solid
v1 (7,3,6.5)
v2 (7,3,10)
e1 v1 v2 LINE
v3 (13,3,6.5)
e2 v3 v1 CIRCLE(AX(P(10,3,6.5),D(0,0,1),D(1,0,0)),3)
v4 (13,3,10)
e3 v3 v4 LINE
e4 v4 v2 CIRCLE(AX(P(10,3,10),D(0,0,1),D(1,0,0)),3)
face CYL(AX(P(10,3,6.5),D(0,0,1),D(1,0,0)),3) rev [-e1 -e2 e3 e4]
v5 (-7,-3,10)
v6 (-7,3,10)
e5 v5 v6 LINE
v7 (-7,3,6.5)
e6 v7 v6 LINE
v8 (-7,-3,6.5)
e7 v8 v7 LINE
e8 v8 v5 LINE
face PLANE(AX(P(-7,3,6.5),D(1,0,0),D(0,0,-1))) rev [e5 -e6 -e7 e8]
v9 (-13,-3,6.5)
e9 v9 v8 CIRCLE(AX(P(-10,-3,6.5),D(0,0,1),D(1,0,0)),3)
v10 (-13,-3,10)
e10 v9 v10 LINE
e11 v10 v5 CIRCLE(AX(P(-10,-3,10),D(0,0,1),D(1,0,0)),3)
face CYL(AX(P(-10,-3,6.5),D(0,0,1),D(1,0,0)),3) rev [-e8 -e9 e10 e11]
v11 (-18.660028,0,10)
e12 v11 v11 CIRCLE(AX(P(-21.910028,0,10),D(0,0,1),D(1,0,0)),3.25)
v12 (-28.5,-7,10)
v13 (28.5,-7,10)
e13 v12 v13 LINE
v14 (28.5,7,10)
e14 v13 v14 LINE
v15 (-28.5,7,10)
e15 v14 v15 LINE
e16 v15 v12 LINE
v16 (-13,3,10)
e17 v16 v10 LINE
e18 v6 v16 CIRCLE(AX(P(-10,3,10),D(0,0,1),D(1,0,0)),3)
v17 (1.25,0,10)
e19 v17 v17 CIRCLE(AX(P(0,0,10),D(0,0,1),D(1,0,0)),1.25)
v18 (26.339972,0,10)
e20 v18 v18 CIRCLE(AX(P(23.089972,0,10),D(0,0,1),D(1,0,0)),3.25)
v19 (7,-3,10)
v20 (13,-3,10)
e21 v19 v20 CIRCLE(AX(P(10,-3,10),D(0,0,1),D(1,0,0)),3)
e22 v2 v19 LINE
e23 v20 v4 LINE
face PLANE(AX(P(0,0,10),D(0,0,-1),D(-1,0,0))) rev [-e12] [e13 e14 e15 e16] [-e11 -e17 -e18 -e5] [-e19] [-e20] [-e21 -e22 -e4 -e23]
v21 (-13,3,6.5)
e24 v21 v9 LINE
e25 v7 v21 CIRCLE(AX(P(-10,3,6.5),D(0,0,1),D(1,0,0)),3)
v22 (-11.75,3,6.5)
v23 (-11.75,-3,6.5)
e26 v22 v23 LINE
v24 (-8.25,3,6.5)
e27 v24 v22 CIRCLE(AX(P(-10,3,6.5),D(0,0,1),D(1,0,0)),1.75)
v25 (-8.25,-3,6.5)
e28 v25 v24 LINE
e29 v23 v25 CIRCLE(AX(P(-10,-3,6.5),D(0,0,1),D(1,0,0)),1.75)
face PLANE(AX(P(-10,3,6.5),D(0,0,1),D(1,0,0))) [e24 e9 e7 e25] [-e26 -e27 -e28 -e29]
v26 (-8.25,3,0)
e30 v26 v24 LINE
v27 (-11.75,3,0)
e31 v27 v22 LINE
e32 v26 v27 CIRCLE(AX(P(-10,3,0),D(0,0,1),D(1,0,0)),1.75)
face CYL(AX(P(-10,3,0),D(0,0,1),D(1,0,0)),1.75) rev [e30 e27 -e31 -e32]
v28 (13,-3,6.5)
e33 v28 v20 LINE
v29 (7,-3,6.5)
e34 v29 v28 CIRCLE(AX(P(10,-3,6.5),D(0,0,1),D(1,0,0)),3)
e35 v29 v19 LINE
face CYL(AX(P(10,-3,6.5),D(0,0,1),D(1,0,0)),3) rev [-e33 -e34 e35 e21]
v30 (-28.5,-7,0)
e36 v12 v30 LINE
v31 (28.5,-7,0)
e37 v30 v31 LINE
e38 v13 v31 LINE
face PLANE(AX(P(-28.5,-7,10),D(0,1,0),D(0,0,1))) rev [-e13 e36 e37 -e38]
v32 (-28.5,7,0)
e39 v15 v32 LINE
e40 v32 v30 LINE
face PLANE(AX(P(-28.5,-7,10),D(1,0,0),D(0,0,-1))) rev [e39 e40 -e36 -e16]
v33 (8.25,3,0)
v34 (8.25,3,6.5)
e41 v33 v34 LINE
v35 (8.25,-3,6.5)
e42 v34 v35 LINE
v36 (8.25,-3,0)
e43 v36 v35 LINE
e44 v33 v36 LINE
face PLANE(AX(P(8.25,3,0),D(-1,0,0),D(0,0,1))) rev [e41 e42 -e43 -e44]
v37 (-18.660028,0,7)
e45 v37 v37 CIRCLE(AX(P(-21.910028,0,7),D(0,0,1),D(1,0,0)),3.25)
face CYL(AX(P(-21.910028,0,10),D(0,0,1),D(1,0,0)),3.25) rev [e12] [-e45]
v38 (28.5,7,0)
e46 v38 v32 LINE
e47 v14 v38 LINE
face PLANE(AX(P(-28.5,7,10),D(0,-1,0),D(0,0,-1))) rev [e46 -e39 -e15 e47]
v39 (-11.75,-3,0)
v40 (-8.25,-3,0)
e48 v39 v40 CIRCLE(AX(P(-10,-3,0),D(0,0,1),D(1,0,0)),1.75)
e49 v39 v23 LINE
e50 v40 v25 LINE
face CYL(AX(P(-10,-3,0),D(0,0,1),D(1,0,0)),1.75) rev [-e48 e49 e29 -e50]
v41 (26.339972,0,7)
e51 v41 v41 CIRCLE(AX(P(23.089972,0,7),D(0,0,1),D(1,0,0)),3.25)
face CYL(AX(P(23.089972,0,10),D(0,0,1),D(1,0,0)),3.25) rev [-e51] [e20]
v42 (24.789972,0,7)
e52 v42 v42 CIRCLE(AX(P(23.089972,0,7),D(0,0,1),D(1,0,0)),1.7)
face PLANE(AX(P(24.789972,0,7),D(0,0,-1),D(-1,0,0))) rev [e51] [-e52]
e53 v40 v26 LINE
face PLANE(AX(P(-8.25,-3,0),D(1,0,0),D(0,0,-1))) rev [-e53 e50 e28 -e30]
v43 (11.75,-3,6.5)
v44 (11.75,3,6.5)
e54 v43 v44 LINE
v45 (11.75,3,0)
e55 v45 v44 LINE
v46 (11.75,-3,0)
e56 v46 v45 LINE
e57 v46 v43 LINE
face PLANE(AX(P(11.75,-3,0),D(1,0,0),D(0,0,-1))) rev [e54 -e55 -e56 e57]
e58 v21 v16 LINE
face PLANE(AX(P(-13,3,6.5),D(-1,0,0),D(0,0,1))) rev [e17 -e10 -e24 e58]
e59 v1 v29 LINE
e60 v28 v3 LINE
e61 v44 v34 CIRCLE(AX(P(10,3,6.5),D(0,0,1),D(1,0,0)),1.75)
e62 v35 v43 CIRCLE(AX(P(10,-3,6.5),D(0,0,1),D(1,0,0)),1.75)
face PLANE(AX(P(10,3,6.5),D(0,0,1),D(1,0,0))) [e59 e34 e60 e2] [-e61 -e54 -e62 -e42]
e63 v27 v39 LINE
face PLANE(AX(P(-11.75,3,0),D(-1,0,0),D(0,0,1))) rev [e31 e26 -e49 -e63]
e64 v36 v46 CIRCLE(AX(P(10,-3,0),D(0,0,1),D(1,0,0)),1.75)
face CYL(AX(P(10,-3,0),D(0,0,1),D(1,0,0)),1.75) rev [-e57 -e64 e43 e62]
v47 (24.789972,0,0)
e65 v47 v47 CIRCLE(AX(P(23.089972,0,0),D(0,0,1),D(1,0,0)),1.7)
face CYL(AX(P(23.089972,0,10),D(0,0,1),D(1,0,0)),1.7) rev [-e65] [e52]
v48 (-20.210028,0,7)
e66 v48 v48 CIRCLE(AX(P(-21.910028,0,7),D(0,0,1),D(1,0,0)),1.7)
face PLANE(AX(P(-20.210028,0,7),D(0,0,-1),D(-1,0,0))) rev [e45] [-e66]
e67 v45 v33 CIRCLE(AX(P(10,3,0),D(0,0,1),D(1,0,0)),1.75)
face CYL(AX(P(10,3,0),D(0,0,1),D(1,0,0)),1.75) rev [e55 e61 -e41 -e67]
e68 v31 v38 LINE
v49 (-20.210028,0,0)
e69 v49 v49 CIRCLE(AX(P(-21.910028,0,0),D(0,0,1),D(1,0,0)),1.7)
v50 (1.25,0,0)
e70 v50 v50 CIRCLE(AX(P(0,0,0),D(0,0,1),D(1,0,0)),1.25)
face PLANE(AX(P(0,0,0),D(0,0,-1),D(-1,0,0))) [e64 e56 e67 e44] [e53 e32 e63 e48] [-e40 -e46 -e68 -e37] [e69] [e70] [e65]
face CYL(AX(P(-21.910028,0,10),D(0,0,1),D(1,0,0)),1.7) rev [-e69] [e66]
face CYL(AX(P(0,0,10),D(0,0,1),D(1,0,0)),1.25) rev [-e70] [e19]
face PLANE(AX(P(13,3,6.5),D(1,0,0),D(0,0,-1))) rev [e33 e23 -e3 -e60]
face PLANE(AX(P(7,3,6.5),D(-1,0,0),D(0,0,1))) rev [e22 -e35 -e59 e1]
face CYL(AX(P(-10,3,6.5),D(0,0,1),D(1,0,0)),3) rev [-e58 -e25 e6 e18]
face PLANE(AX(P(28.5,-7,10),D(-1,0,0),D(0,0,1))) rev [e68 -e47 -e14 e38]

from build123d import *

# Parameters (mm, degrees)
SKETCH1_W                      = 57
SKETCH1_H                      = 14
BOSS_EXTRUDE1_DEPTH            = 10
CUT_EXTRUDE1_DEPTH             = 3.5
CUT_EXTRUDE2_DEPTH             = 7.5
CBORE_FOR_M3_SHCS1_D           = 3.4
CBORE_FOR_M3_SHCS1_CBORE_D     = 6.5
CBORE_FOR_M3_SHCS1_CBORE_DEPTH = 3
LPATTERN1_COUNT                = 2
LPATTERN1_PITCH                = 45
M3X0_5_TAPPED_HOLE1_D          = 2.5


with BuildPart() as part:
    # Sketch1 → Boss-Extrude1 (new body)
    with BuildSketch(Plane.XY):
        Rectangle(SKETCH1_W, SKETCH1_H)
    extrude(amount=BOSS_EXTRUDE1_DEPTH)

    # Sketch2 → Cut-Extrude1 (cut)
    with BuildSketch(Plane.XY.offset(10)):
        with BuildLine():
            Line((-7, 3), (-7, -3))
            ThreePointArc((-7, -3), (-10, -6), (-13, -3))
            Line((-13, -3), (-13, 3))
            ThreePointArc((-13, 3), (-10, 6), (-7, 3))
        make_face()
        with BuildLine():
            Line((13, 3), (13, -3))
            ThreePointArc((13, -3), (10, -6), (7, -3))
            Line((7, -3), (7, 3))
            ThreePointArc((7, 3), (10, 6), (13, 3))
        make_face()
    extrude(amount=-CUT_EXTRUDE1_DEPTH, mode=Mode.SUBTRACT)

    # Sketch3 → Cut-Extrude2 (cut, through all)
    with BuildSketch(Plane.XY.offset(6.5)):
        with BuildLine():
            Line((-11.75, 3), (-11.75, -3))
            ThreePointArc((-11.75, -3), (-10, -4.75), (-8.25, -3))
            Line((-8.25, -3), (-8.25, 3))
            ThreePointArc((-8.25, 3), (-10, 4.75), (-11.75, 3))
        make_face()
        with BuildLine():
            Line((11.75, -3), (11.75, 3))
            ThreePointArc((11.75, 3), (10, 4.75), (8.25, 3))
            Line((8.25, 3), (8.25, -3))
            ThreePointArc((8.25, -3), (10, -4.75), (11.75, -3))
        make_face()
    extrude(amount=-CUT_EXTRUDE2_DEPTH, mode=Mode.SUBTRACT)

    # CBORE for M3 SHCS1 (through all)
    with Locations(Plane.XY.offset(10)):
        with Locations((-21.910027568, 0)):
            cbore_for_m3_shcs1 = CounterBoreHole(CBORE_FOR_M3_SHCS1_D / 2, CBORE_FOR_M3_SHCS1_CBORE_D / 2, CBORE_FOR_M3_SHCS1_CBORE_DEPTH)

    # LPattern1: CBORE for M3 SHCS1 ×2
    with Locations(*[(i * LPATTERN1_PITCH, 0, 0) for i in range(1, LPATTERN1_COUNT)]):
        add(cbore_for_m3_shcs1, mode=Mode.SUBTRACT)

    # M3x0.5 Tapped Hole1 (through all)
    with Locations(Plane.XY.offset(10)):
        with Locations((0, 0)):
            Hole(M3X0_5_TAPPED_HOLE1_D / 2)


solid = part.part
